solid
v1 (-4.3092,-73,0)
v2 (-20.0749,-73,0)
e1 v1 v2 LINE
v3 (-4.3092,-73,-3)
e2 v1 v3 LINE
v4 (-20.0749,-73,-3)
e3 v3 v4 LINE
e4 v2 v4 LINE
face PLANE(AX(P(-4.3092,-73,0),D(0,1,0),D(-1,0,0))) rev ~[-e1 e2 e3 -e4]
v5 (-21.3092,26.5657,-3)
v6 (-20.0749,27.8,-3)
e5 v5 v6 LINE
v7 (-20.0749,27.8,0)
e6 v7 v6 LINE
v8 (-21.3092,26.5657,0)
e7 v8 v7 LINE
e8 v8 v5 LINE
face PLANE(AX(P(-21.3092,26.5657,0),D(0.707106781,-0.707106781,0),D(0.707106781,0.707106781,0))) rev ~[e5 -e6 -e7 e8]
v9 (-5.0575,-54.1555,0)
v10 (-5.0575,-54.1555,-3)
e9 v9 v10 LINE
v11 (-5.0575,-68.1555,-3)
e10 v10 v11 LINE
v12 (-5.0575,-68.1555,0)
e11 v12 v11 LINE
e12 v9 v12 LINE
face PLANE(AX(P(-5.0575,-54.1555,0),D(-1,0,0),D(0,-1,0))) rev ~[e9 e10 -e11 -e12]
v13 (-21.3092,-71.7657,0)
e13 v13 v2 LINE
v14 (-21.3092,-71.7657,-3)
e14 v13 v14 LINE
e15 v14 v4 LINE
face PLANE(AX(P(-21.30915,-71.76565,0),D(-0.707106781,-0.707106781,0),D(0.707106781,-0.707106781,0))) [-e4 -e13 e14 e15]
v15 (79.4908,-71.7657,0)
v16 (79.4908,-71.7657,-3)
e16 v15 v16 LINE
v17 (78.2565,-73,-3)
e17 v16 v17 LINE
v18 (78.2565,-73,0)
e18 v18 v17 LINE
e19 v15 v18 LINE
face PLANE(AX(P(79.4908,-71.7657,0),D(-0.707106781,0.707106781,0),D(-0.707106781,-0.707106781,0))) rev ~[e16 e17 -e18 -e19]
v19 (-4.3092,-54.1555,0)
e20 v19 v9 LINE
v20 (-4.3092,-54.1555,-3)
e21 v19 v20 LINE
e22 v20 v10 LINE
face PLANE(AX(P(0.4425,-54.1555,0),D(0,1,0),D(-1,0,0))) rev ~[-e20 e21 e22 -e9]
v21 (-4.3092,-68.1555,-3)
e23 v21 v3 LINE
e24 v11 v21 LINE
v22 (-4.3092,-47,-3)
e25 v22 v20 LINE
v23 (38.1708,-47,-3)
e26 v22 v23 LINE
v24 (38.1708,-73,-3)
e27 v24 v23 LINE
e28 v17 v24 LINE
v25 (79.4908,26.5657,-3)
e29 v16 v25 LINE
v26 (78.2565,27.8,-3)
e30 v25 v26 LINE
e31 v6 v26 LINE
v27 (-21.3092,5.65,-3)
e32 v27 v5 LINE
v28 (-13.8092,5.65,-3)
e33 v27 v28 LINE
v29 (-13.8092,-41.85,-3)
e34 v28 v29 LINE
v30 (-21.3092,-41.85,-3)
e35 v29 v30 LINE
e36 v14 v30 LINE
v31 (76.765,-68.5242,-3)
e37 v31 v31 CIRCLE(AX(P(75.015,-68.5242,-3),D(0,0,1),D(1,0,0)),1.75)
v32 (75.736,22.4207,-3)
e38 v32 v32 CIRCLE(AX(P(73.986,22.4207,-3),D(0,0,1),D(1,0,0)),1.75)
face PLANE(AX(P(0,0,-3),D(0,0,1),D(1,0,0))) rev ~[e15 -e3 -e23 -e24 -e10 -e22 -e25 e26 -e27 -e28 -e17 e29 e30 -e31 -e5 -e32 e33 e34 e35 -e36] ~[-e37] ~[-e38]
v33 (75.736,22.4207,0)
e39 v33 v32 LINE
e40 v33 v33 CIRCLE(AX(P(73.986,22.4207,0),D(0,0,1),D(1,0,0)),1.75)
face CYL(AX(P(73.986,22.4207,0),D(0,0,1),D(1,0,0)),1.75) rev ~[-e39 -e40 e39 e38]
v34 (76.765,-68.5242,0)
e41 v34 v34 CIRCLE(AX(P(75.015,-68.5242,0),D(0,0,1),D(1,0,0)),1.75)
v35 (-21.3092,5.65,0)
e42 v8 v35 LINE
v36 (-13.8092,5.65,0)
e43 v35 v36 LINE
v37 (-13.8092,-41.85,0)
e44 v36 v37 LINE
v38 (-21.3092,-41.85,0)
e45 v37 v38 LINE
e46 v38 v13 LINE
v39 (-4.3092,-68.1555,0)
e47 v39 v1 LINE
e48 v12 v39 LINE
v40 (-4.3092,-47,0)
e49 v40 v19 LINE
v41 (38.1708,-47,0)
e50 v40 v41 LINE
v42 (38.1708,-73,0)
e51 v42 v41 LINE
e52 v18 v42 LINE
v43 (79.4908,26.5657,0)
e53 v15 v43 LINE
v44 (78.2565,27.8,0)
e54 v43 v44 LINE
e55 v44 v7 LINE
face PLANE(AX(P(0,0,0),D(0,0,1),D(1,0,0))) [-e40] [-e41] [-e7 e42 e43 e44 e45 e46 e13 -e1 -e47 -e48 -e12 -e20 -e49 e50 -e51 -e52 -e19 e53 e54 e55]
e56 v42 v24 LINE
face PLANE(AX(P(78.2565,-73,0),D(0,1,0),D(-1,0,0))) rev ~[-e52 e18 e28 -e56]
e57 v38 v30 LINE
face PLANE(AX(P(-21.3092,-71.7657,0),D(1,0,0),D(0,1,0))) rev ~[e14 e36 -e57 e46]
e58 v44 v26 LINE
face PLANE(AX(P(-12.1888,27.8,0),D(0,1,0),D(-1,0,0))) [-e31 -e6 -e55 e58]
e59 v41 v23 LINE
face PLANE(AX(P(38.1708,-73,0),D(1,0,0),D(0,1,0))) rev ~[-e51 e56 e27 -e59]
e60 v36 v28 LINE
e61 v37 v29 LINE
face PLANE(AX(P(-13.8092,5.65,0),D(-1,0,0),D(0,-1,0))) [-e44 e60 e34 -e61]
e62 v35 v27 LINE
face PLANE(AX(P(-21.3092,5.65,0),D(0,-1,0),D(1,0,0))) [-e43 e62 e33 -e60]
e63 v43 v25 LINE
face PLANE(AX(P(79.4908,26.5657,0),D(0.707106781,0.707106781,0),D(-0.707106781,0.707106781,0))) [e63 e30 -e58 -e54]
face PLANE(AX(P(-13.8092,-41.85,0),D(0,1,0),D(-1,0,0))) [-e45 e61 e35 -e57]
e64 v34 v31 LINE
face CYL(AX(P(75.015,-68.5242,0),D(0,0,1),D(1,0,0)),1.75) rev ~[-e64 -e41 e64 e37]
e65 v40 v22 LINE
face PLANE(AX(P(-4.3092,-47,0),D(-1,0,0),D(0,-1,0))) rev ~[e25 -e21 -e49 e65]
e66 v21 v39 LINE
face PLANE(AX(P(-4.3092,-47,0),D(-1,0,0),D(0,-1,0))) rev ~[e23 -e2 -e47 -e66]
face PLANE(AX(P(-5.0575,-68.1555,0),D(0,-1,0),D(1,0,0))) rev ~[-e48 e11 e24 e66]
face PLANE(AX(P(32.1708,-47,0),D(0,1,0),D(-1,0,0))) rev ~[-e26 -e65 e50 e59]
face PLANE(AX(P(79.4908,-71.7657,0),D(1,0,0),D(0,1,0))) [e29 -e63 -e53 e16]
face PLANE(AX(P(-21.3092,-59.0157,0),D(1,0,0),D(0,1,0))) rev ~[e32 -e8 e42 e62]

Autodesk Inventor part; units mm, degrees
ref_plane "YZ Plane" through (0, 0, 0) normal (1, 0, 0) x (0, 1, 0)
ref_plane "XZ Plane" through (0, 0, 0) normal (0, 1, 0) x (-1, 0, 0)
ref_plane "XY Plane" through (0, 0, 0) normal (0, 0, 1) x (1, 0, 0)
sketch "Sketch1" plane through (0, 0, 0) normal (0, 0, 1) x (1, 0, 0)
  line L0 (81.4908, -72.5941) -> (81.4908, 27.3941)
  line L1 (79.0849, 29.8) -> (81.4908, 27.3941)
  line L2 (-20.9033, 29.8) -> (79.0849, 29.8)
  line L3 (-23.3092, 27.3941) -> (-20.9033, 29.8)
  line L4 (-23.3092, -72.5941) -> (-23.3092, 27.3941)
  line L5 (-20.9033, -75) -> (-23.3092, -72.5941)
  line L6 (-4.3092, -75) -> (-20.9033, -75)
  line L7 (-4.3092, -73) -> (-4.3092, -75)
  line L8 (-4.3092, -73) -> (-20.0749, -73)
  line L9 (-21.3092, -71.7657) -> (-21.3092, 26.5657)
  line L10 (78.2565, 27.8) -> (-20.0749, 27.8)
  line L11 (79.4908, 26.5657) -> (78.2565, 27.8)
  line L12 (79.4908, -71.7657) -> (79.4908, 26.5657)
  line L13 (79.4908, -71.7657) -> (78.2565, -73)
  line L14 (78.2565, -73) -> (32.1708, -73)
  line L15 (32.1708, -75) -> (32.1708, -73)
  line L16 (79.0849, -75) -> (32.1708, -75)
  line L17 (79.0849, -75) -> (81.4908, -72.5941)
  line L18 (-4.3092, -75) -> (-23.3092, -75)
  line L19 (-23.3092, -75) -> (-23.3092, -73)
  line L20 (-23.3092, -73) -> (-4.3092, -73)
  line L21 (-4.3092, -73) -> (-4.3092, -75)
  line L22 (-21.3092, -59.0157) -> (-23.3092, -59.0157)
  line L23 (-23.3092, -59.0157) -> (-23.3092, -75)
  line L24 (-23.3092, -75) -> (-21.3092, -75)
  line L25 (-21.3092, -75) -> (-21.3092, -59.0157)
  line L26 (-20.9092, 18.65) -> (-20.9092, 26.4) construction
  line L27 (-20.9092, 26.4) -> (-19.9092, 27.4) construction
  line L28 (-19.9092, 27.4) -> (-12.1888, 27.4) construction
  line L29 (-21.3092, 18.65) -> (-21.3092, 26.5657)
  line L30 (-21.3092, 26.5657) -> (-20.0749, 27.8)
  line L31 (-20.0749, 27.8) -> (-12.1888, 27.8)
  line L32 (-22.7184, -70.3564) -> (-18.2476, -74.8272)
  line L33 (-22.7184, -70.3564) -> (-16.3958, -70.3564) construction
  line L34 (-4.3092, -75) -> (32.1708, -75)
  line L35 (32.1708, -75) -> (32.1708, -47)
  line L36 (32.1708, -47) -> (-4.3092, -47)
  line L37 (-4.3092, -47) -> (-4.3092, -75)
  circle A0 centre (-17.5342, -45.35) radius 1.75
  circle A1 centre (73.986, 22.4207) radius 1.75
  circle A2 centre (75.015, -68.5242) radius 1.75
  line L38 (-20.0749, -73) -> (-21.3092, -71.7657)
  line L39 (-21.3092, 26.5657) -> (-20.0749, 27.8)
  point P0 (0, 0)
  point P1 (-7.3249, -73)
  point P2 (-21.3092, -71.7657)
  point P3 (-20.0749, -73)
  point P4 (-17.9077, 27.8)
  point P5 (-21.3092, 18.65)
  point P6 (-21.3092, -74.5941)
extrude "Extrusion1" add sketch "Sketch1" against normal blind 3 contours L35 L36 L37 L8 L32 L9 L30 L10 L11 L12 L13 L14
sketch "Sketch2" plane through (0, 0, 0) normal (0, 0, 1) x (1, 0, 0)
  line L0 (-21.3092, -71.7657) -> (-21.3092, 26.5657) projected
  line L1 (-21.3092, 5.65) -> (-13.8092, 5.65)
  line L2 (-13.8092, 5.65) -> (-13.8092, -41.85)
  line L3 (-13.8092, -41.85) -> (-21.3092, -41.85)
  line L4 (-21.3092, -41.85) -> (-21.3092, 5.65)
  circle A0 centre (-17.5342, -45.35) radius 1.75 projected
  point P0 (0, 0)
  point P1 (-17.5592, 5.65)
  dimension "d6" = 7.5
  dimension "d7" = 3.5
  dimension "d8" = 47.5
extrude "Extrusion2" cut sketch "Sketch2" against normal blind 3 contours L0 L1 L2 L3
sketch "Sketch3" plane through (0, 0, 0) normal (0, 0, 1) x (1, 0, 0)
  circle A0 centre (-17.5342, -45.35) radius 1.75 projected
  point P0 (0, 0)
extrude "Extrusion3" add sketch "Sketch3" against normal up to surface (3 mm away)
sketch "Sketch4" plane through (0, 0, 0) normal (0, 0, 1) x (1, 0, 0)
  line L0 (-3.3235, -61.1555) -> (-1.2915, -61.1555) projected
  line L1 (0.4425, -54.1555) -> (-5.0575, -54.1555)
  line L2 (-5.0575, -54.1555) -> (-5.0575, -68.1555)
  line L3 (-5.0575, -68.1555) -> (0.4425, -68.1555)
  line L4 (0.4425, -68.1555) -> (0.4425, -54.1555)
  line L5 (0.4425, -54.1555) -> (-5.0575, -68.1555) construction
  line L6 (-5.0575, -54.1555) -> (0.4425, -68.1555) construction
  point P0 (0, 0)
  point P1 (-2.3075, -61.1555)
  dimension "d13" = 5.5
  dimension "d14" = 14
extrude "Extrusion4" cut sketch "Sketch4" against normal up to surface (3 mm away)
sketch "Sketch5" plane through (0, 0, 0) normal (0, 0, 1) x (1, 0, 0)
  point P0 (0, 0)
sketch "Sketch6" plane through (0, 0, 0) normal (0, 0, 1) x (1, 0, 0)
  line L0 (-5.0575, -54.1555) -> (-4.3092, -54.1555) projected
  line L1 (-4.3092, -54.1555) -> (-4.3092, -47) projected
  line L2 (-4.3092, -47) -> (32.1708, -47) projected
  line L3 (32.1708, -47) -> (32.1708, -73) projected
  line L4 (32.1708, -73) -> (78.2565, -73) projected
  line L5 (78.2565, -73) -> (79.4908, -71.7657) projected
  line L6 (79.4908, -71.7657) -> (79.4908, 26.5657) projected
  line L7 (79.4908, 26.5657) -> (78.2565, 27.8) projected
  line L8 (78.2565, 27.8) -> (-20.0749, 27.8) projected
  line L9 (-20.0749, 27.8) -> (-21.3092, 26.5657) projected
  line L10 (-21.3092, 26.5657) -> (-21.3092, 5.65) projected
  line L11 (-21.3092, 5.65) -> (-13.8092, 5.65) projected
  line L12 (-13.8092, 5.65) -> (-13.8092, -41.85) projected
  line L13 (-13.8092, -41.85) -> (-21.3092, -41.85) projected
  line L14 (-21.3092, -41.85) -> (-21.3092, -71.7657) projected
  line L15 (-21.3092, -71.7657) -> (-20.0749, -73) projected
  line L16 (-20.0749, -73) -> (-4.3092, -73) projected
  line L17 (-4.3092, -73) -> (-4.3092, -68.1555) projected
  line L18 (-4.3092, -68.1555) -> (-5.0575, -68.1555) projected
  line L19 (-5.0575, -68.1555) -> (-5.0575, -54.1555) projected
  circle A0 centre (75.015, -68.5242) radius 1.75 projected
  circle A1 centre (73.986, 22.4207) radius 1.75 projected
  line L20 (32.1708, -73) -> (38.1708, -73)
  line L21 (38.1708, -73) -> (38.1708, -47)
  line L22 (38.1708, -47) -> (32.1708, -47)
  line L23 (32.1708, -47) -> (32.1708, -73)
  point P0 (0, 0)
  dimension "d17" = 6
extrude "Extrusion5" cut sketch "Sketch6" against normal blind 10 contours L22 L21 L4 L3
properties part number "Lid_clear"
